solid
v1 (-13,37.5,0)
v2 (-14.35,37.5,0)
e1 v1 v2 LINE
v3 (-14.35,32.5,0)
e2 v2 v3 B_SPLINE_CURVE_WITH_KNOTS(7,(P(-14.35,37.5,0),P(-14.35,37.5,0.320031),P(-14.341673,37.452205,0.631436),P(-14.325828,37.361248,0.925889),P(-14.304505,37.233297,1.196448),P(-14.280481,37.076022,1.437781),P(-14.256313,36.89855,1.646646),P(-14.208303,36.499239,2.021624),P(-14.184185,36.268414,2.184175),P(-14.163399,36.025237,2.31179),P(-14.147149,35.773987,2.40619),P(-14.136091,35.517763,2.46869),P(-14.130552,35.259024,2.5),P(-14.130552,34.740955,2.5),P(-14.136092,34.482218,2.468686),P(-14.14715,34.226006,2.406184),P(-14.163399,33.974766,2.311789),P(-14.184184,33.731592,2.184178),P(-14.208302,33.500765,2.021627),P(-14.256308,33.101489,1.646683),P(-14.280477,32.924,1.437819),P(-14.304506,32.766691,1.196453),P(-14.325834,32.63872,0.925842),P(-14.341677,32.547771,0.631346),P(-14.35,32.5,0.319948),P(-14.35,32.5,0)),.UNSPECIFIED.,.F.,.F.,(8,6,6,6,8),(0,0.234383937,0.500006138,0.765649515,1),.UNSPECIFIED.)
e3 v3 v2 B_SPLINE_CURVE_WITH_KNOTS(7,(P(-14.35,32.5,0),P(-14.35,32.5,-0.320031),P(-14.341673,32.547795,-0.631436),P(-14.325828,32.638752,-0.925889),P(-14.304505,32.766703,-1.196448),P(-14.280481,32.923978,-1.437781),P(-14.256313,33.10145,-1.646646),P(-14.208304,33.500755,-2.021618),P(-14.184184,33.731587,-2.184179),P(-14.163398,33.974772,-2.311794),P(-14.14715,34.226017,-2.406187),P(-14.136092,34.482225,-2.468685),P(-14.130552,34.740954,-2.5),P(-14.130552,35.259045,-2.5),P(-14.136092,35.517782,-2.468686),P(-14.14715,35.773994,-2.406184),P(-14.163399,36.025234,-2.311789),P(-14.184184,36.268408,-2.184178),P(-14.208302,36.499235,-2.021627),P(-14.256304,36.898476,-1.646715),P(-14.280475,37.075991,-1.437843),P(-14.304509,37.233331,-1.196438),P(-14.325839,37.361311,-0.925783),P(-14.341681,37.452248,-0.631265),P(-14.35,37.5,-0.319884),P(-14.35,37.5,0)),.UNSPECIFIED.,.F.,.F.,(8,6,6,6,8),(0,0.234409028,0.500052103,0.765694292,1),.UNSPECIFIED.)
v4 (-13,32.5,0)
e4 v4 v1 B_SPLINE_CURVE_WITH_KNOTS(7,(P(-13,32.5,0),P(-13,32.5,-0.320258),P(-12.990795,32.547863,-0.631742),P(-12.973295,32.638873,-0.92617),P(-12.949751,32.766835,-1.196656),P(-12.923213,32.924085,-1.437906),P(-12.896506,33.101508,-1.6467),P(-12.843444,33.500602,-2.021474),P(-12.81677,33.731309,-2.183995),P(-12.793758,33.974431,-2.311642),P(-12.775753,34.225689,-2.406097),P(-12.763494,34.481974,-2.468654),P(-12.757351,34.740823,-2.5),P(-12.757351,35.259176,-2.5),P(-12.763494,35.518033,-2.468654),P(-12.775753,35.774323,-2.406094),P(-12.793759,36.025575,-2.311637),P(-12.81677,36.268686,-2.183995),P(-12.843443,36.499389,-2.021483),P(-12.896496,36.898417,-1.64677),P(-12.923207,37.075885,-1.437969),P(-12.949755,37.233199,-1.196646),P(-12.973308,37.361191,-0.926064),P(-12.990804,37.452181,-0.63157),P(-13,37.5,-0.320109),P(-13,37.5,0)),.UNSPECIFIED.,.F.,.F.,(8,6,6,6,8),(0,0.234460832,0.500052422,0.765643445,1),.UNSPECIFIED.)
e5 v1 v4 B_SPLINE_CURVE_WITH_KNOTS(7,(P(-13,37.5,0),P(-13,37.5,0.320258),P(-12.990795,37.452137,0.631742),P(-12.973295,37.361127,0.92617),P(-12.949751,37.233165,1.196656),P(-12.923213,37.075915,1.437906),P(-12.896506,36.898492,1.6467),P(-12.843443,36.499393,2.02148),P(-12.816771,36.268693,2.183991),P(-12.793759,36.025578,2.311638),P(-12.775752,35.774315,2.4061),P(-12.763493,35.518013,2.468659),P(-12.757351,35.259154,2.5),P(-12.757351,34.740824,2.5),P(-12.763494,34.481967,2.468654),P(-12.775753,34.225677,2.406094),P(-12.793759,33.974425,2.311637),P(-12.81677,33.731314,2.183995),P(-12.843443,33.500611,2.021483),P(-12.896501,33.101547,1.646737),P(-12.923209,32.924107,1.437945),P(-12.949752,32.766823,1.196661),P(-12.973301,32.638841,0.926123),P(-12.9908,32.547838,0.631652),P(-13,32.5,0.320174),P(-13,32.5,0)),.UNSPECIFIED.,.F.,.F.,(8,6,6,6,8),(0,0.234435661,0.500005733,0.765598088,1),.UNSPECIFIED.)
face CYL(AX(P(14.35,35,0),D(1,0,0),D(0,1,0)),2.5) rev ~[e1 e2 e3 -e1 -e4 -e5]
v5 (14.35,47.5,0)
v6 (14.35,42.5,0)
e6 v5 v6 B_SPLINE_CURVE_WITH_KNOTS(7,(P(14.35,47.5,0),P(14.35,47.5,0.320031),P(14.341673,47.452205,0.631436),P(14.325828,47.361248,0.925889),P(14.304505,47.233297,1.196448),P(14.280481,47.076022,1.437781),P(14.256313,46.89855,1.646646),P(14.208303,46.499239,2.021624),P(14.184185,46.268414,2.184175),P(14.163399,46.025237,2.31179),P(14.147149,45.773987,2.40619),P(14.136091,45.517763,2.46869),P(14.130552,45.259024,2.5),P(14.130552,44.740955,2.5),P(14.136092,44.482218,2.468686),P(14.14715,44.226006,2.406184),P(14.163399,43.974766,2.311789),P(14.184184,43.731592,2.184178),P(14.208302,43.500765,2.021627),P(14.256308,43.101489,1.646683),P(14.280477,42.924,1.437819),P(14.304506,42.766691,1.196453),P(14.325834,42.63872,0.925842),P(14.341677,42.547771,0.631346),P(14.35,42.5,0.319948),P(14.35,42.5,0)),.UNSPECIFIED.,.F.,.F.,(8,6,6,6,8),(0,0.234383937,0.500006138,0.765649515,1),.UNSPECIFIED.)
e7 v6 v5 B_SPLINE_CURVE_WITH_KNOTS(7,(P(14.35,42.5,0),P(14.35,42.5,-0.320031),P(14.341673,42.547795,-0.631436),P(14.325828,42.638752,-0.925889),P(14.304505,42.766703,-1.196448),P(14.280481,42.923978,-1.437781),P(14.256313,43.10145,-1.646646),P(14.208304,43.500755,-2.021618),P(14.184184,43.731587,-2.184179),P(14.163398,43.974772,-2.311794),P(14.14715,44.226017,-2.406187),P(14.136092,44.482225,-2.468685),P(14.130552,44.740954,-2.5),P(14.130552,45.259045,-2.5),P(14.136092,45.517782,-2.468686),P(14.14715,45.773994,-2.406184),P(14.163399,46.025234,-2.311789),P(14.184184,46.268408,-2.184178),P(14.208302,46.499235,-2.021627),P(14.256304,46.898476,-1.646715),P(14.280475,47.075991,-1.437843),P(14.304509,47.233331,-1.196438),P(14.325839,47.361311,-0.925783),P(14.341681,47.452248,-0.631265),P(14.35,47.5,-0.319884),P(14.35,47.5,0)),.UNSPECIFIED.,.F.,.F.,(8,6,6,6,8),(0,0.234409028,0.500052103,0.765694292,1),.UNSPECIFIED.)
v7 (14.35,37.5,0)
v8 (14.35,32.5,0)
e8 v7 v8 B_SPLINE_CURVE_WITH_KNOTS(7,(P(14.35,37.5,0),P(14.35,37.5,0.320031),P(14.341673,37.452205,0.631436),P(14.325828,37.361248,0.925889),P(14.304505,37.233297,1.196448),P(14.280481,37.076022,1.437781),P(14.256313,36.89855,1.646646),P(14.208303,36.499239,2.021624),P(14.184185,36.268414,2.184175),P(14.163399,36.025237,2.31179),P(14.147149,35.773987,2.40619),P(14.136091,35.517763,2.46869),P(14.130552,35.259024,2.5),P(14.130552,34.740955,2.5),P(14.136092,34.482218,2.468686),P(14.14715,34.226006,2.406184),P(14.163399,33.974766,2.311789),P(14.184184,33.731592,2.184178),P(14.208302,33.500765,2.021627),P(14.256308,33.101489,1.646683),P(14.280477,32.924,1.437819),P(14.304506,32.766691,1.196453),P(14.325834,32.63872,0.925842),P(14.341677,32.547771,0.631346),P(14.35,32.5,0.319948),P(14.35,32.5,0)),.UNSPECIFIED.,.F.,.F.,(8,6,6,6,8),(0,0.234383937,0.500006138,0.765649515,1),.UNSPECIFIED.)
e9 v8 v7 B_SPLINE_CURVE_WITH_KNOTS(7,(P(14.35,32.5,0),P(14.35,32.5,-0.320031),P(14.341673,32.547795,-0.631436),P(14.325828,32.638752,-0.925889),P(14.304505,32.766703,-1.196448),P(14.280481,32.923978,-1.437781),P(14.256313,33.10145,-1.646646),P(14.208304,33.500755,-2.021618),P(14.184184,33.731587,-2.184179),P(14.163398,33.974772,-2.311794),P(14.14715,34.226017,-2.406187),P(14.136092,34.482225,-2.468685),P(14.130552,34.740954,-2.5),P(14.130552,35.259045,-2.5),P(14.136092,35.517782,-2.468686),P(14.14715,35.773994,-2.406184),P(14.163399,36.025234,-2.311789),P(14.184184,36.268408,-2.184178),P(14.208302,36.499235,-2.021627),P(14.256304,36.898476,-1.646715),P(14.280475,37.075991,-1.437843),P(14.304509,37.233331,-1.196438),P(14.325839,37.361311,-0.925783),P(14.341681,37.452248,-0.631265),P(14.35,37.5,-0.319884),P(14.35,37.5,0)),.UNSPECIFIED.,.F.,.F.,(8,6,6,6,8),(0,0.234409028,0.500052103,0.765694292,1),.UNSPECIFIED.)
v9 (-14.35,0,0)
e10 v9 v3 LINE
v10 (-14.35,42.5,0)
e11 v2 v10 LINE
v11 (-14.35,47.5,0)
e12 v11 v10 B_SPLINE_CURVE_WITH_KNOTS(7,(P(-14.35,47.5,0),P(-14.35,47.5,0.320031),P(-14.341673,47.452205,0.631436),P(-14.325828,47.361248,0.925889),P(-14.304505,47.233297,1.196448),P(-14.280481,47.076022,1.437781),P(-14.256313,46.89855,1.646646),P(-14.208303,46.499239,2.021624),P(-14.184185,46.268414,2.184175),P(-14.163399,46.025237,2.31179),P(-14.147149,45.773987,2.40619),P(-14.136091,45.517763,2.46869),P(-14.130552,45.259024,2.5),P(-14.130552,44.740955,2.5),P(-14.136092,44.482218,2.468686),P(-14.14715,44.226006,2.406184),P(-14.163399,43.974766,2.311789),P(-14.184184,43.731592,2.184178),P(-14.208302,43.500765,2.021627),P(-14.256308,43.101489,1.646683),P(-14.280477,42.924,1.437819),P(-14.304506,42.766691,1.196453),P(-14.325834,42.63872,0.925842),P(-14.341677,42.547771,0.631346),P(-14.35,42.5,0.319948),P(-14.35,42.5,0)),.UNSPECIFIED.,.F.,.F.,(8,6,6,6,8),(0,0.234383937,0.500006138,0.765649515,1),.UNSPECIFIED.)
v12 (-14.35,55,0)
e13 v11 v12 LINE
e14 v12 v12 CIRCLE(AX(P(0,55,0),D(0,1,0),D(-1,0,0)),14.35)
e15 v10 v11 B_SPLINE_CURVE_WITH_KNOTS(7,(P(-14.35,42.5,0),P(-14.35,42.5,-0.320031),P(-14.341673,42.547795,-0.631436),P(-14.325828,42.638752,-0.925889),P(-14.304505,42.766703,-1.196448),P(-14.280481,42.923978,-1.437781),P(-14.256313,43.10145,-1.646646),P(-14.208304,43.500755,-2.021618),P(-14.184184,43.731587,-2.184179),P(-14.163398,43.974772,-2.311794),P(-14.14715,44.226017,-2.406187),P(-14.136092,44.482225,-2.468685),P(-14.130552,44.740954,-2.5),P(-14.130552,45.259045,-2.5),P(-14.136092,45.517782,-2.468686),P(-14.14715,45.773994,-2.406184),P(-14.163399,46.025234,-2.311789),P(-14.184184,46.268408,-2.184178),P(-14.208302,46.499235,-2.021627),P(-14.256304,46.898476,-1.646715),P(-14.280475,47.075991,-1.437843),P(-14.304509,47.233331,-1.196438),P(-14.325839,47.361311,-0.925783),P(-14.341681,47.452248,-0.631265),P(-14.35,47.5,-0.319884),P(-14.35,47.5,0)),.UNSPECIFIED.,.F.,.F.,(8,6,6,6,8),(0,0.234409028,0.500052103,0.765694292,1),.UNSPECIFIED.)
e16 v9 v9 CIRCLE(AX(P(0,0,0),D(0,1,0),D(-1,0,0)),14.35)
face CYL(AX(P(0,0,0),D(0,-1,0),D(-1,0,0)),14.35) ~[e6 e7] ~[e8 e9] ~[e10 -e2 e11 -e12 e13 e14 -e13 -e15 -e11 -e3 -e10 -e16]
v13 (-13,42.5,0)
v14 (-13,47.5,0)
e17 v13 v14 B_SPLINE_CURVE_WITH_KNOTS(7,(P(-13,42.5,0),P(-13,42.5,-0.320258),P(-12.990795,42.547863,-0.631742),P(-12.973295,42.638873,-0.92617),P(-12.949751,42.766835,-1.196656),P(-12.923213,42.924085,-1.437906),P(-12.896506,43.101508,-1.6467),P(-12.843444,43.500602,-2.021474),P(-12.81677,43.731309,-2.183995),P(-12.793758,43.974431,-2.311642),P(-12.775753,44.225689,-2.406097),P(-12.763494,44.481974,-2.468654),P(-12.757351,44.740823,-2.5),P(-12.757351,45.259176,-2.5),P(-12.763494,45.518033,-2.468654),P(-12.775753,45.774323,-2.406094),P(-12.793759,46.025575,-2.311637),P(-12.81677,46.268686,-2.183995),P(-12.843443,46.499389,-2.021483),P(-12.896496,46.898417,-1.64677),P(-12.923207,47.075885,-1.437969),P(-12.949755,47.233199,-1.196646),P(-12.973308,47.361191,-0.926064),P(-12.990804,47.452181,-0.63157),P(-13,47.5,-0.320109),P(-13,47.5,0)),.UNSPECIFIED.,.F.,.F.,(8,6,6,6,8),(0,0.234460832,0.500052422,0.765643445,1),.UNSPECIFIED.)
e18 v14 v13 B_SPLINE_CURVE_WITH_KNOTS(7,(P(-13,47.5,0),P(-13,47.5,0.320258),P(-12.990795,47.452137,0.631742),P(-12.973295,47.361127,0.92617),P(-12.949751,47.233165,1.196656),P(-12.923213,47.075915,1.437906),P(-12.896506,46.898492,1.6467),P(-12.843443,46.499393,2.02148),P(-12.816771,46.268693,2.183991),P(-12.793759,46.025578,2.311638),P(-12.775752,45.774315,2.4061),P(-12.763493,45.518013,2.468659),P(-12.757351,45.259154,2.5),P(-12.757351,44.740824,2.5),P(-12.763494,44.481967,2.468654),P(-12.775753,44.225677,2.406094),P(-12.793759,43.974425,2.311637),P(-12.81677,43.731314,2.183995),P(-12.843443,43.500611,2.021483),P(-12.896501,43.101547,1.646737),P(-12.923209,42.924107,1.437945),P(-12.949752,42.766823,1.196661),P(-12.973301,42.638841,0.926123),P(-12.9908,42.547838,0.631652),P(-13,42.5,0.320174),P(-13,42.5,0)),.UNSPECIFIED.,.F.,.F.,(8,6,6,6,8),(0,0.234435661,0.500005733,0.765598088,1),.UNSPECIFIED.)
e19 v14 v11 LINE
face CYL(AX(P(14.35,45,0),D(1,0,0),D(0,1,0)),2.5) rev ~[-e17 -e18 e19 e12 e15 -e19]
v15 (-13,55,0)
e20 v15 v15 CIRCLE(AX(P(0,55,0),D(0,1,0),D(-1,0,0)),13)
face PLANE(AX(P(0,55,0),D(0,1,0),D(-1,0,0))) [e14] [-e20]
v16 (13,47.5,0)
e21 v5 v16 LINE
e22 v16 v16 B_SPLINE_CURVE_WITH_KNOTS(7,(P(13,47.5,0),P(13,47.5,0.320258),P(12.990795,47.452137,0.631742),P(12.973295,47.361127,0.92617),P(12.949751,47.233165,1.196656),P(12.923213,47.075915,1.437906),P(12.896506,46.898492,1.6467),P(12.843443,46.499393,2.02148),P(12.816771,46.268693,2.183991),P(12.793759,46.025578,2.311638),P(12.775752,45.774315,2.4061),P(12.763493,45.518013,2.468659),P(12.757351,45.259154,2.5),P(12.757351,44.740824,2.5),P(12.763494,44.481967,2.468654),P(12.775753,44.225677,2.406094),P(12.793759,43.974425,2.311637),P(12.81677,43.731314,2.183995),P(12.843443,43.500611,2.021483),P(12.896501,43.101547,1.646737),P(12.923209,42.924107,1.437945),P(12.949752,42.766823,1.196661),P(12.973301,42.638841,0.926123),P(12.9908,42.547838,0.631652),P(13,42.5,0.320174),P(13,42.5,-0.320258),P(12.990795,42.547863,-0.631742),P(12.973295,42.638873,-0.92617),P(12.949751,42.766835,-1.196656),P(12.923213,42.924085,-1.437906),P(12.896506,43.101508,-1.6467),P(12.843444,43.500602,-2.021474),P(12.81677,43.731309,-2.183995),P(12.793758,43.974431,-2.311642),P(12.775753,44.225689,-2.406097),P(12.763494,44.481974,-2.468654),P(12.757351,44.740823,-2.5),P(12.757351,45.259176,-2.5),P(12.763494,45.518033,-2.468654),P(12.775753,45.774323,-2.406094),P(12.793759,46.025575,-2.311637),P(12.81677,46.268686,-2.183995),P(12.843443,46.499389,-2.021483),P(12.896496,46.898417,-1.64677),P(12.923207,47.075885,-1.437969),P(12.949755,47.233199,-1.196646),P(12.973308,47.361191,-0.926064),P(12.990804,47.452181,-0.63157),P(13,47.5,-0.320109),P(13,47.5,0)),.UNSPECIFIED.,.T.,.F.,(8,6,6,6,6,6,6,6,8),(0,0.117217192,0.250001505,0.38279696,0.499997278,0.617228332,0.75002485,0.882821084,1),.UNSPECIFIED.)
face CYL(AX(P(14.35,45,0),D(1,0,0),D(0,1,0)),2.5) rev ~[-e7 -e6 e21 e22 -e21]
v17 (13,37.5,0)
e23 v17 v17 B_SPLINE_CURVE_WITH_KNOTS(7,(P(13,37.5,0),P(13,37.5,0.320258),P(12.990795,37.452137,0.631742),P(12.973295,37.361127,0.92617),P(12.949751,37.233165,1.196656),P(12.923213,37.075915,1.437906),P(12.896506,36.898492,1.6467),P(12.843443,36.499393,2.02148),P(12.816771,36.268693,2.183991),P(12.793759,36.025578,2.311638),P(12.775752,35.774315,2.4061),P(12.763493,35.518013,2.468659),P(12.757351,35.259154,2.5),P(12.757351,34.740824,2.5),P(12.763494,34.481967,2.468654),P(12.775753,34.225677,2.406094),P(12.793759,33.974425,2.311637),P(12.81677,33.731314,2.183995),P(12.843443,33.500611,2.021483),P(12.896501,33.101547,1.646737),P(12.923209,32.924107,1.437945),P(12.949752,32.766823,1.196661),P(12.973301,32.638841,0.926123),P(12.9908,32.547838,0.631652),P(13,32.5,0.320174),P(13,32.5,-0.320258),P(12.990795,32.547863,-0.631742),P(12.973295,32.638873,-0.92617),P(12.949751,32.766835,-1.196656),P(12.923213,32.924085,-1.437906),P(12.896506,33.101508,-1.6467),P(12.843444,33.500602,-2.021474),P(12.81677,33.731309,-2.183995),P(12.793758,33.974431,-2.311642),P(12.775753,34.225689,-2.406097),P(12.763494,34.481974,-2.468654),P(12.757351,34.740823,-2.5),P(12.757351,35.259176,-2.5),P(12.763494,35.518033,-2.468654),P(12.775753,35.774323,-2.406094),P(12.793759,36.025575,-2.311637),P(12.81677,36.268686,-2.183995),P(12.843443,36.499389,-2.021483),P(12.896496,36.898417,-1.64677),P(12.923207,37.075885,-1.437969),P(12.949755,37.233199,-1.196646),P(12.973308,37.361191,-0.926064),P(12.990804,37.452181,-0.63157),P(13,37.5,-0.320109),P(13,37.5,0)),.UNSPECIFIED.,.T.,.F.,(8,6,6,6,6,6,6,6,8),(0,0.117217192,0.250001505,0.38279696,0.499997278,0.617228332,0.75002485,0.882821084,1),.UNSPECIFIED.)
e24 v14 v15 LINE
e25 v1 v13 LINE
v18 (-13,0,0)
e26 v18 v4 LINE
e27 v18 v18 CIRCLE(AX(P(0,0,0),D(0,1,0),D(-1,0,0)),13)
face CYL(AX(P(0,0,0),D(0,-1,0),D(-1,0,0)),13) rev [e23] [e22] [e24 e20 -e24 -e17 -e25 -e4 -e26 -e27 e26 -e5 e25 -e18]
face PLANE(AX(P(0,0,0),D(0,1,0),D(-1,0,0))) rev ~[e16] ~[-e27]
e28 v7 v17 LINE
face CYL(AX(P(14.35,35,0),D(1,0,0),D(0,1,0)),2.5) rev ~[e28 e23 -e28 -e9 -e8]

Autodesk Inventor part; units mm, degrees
ref_plane "XZ Plane" through (0, 0, 0) normal (0, 1, 0) x (-1, 0, 0)
ref_plane "XY Plane" through (0, 0, 0) normal (0, 0, 1) x (1, 0, 0)
sketch "Sketch1" plane through (0, 0, 0) normal (0, 1, 0) x (-1, 0, 0)
  circle A0 centre (0, 0) radius 13
  circle A1 centre (0, 0) radius 14.35
  dimension "d0" = 26
  dimension "d2" = 28.7
extrude "Extrusion1" add sketch "Sketch1" along normal blind 55
ref_plane "Work Plane1" through (14.35, 0, 0) normal (1, 0, 0) x (0, 1, 0)
sketch "Sketch2" plane through (14.35, 0, 0) normal (1, 0, 0) x (0, 1, 0)
  circle A0 centre (35, 0) radius 2.5
  circle A1 centre (45, 0) radius 2.5
  point P0 (0, 0)
extrude "Extrusion2" cut sketch "Sketch2" against normal through all
properties part number "8,5 hub"
